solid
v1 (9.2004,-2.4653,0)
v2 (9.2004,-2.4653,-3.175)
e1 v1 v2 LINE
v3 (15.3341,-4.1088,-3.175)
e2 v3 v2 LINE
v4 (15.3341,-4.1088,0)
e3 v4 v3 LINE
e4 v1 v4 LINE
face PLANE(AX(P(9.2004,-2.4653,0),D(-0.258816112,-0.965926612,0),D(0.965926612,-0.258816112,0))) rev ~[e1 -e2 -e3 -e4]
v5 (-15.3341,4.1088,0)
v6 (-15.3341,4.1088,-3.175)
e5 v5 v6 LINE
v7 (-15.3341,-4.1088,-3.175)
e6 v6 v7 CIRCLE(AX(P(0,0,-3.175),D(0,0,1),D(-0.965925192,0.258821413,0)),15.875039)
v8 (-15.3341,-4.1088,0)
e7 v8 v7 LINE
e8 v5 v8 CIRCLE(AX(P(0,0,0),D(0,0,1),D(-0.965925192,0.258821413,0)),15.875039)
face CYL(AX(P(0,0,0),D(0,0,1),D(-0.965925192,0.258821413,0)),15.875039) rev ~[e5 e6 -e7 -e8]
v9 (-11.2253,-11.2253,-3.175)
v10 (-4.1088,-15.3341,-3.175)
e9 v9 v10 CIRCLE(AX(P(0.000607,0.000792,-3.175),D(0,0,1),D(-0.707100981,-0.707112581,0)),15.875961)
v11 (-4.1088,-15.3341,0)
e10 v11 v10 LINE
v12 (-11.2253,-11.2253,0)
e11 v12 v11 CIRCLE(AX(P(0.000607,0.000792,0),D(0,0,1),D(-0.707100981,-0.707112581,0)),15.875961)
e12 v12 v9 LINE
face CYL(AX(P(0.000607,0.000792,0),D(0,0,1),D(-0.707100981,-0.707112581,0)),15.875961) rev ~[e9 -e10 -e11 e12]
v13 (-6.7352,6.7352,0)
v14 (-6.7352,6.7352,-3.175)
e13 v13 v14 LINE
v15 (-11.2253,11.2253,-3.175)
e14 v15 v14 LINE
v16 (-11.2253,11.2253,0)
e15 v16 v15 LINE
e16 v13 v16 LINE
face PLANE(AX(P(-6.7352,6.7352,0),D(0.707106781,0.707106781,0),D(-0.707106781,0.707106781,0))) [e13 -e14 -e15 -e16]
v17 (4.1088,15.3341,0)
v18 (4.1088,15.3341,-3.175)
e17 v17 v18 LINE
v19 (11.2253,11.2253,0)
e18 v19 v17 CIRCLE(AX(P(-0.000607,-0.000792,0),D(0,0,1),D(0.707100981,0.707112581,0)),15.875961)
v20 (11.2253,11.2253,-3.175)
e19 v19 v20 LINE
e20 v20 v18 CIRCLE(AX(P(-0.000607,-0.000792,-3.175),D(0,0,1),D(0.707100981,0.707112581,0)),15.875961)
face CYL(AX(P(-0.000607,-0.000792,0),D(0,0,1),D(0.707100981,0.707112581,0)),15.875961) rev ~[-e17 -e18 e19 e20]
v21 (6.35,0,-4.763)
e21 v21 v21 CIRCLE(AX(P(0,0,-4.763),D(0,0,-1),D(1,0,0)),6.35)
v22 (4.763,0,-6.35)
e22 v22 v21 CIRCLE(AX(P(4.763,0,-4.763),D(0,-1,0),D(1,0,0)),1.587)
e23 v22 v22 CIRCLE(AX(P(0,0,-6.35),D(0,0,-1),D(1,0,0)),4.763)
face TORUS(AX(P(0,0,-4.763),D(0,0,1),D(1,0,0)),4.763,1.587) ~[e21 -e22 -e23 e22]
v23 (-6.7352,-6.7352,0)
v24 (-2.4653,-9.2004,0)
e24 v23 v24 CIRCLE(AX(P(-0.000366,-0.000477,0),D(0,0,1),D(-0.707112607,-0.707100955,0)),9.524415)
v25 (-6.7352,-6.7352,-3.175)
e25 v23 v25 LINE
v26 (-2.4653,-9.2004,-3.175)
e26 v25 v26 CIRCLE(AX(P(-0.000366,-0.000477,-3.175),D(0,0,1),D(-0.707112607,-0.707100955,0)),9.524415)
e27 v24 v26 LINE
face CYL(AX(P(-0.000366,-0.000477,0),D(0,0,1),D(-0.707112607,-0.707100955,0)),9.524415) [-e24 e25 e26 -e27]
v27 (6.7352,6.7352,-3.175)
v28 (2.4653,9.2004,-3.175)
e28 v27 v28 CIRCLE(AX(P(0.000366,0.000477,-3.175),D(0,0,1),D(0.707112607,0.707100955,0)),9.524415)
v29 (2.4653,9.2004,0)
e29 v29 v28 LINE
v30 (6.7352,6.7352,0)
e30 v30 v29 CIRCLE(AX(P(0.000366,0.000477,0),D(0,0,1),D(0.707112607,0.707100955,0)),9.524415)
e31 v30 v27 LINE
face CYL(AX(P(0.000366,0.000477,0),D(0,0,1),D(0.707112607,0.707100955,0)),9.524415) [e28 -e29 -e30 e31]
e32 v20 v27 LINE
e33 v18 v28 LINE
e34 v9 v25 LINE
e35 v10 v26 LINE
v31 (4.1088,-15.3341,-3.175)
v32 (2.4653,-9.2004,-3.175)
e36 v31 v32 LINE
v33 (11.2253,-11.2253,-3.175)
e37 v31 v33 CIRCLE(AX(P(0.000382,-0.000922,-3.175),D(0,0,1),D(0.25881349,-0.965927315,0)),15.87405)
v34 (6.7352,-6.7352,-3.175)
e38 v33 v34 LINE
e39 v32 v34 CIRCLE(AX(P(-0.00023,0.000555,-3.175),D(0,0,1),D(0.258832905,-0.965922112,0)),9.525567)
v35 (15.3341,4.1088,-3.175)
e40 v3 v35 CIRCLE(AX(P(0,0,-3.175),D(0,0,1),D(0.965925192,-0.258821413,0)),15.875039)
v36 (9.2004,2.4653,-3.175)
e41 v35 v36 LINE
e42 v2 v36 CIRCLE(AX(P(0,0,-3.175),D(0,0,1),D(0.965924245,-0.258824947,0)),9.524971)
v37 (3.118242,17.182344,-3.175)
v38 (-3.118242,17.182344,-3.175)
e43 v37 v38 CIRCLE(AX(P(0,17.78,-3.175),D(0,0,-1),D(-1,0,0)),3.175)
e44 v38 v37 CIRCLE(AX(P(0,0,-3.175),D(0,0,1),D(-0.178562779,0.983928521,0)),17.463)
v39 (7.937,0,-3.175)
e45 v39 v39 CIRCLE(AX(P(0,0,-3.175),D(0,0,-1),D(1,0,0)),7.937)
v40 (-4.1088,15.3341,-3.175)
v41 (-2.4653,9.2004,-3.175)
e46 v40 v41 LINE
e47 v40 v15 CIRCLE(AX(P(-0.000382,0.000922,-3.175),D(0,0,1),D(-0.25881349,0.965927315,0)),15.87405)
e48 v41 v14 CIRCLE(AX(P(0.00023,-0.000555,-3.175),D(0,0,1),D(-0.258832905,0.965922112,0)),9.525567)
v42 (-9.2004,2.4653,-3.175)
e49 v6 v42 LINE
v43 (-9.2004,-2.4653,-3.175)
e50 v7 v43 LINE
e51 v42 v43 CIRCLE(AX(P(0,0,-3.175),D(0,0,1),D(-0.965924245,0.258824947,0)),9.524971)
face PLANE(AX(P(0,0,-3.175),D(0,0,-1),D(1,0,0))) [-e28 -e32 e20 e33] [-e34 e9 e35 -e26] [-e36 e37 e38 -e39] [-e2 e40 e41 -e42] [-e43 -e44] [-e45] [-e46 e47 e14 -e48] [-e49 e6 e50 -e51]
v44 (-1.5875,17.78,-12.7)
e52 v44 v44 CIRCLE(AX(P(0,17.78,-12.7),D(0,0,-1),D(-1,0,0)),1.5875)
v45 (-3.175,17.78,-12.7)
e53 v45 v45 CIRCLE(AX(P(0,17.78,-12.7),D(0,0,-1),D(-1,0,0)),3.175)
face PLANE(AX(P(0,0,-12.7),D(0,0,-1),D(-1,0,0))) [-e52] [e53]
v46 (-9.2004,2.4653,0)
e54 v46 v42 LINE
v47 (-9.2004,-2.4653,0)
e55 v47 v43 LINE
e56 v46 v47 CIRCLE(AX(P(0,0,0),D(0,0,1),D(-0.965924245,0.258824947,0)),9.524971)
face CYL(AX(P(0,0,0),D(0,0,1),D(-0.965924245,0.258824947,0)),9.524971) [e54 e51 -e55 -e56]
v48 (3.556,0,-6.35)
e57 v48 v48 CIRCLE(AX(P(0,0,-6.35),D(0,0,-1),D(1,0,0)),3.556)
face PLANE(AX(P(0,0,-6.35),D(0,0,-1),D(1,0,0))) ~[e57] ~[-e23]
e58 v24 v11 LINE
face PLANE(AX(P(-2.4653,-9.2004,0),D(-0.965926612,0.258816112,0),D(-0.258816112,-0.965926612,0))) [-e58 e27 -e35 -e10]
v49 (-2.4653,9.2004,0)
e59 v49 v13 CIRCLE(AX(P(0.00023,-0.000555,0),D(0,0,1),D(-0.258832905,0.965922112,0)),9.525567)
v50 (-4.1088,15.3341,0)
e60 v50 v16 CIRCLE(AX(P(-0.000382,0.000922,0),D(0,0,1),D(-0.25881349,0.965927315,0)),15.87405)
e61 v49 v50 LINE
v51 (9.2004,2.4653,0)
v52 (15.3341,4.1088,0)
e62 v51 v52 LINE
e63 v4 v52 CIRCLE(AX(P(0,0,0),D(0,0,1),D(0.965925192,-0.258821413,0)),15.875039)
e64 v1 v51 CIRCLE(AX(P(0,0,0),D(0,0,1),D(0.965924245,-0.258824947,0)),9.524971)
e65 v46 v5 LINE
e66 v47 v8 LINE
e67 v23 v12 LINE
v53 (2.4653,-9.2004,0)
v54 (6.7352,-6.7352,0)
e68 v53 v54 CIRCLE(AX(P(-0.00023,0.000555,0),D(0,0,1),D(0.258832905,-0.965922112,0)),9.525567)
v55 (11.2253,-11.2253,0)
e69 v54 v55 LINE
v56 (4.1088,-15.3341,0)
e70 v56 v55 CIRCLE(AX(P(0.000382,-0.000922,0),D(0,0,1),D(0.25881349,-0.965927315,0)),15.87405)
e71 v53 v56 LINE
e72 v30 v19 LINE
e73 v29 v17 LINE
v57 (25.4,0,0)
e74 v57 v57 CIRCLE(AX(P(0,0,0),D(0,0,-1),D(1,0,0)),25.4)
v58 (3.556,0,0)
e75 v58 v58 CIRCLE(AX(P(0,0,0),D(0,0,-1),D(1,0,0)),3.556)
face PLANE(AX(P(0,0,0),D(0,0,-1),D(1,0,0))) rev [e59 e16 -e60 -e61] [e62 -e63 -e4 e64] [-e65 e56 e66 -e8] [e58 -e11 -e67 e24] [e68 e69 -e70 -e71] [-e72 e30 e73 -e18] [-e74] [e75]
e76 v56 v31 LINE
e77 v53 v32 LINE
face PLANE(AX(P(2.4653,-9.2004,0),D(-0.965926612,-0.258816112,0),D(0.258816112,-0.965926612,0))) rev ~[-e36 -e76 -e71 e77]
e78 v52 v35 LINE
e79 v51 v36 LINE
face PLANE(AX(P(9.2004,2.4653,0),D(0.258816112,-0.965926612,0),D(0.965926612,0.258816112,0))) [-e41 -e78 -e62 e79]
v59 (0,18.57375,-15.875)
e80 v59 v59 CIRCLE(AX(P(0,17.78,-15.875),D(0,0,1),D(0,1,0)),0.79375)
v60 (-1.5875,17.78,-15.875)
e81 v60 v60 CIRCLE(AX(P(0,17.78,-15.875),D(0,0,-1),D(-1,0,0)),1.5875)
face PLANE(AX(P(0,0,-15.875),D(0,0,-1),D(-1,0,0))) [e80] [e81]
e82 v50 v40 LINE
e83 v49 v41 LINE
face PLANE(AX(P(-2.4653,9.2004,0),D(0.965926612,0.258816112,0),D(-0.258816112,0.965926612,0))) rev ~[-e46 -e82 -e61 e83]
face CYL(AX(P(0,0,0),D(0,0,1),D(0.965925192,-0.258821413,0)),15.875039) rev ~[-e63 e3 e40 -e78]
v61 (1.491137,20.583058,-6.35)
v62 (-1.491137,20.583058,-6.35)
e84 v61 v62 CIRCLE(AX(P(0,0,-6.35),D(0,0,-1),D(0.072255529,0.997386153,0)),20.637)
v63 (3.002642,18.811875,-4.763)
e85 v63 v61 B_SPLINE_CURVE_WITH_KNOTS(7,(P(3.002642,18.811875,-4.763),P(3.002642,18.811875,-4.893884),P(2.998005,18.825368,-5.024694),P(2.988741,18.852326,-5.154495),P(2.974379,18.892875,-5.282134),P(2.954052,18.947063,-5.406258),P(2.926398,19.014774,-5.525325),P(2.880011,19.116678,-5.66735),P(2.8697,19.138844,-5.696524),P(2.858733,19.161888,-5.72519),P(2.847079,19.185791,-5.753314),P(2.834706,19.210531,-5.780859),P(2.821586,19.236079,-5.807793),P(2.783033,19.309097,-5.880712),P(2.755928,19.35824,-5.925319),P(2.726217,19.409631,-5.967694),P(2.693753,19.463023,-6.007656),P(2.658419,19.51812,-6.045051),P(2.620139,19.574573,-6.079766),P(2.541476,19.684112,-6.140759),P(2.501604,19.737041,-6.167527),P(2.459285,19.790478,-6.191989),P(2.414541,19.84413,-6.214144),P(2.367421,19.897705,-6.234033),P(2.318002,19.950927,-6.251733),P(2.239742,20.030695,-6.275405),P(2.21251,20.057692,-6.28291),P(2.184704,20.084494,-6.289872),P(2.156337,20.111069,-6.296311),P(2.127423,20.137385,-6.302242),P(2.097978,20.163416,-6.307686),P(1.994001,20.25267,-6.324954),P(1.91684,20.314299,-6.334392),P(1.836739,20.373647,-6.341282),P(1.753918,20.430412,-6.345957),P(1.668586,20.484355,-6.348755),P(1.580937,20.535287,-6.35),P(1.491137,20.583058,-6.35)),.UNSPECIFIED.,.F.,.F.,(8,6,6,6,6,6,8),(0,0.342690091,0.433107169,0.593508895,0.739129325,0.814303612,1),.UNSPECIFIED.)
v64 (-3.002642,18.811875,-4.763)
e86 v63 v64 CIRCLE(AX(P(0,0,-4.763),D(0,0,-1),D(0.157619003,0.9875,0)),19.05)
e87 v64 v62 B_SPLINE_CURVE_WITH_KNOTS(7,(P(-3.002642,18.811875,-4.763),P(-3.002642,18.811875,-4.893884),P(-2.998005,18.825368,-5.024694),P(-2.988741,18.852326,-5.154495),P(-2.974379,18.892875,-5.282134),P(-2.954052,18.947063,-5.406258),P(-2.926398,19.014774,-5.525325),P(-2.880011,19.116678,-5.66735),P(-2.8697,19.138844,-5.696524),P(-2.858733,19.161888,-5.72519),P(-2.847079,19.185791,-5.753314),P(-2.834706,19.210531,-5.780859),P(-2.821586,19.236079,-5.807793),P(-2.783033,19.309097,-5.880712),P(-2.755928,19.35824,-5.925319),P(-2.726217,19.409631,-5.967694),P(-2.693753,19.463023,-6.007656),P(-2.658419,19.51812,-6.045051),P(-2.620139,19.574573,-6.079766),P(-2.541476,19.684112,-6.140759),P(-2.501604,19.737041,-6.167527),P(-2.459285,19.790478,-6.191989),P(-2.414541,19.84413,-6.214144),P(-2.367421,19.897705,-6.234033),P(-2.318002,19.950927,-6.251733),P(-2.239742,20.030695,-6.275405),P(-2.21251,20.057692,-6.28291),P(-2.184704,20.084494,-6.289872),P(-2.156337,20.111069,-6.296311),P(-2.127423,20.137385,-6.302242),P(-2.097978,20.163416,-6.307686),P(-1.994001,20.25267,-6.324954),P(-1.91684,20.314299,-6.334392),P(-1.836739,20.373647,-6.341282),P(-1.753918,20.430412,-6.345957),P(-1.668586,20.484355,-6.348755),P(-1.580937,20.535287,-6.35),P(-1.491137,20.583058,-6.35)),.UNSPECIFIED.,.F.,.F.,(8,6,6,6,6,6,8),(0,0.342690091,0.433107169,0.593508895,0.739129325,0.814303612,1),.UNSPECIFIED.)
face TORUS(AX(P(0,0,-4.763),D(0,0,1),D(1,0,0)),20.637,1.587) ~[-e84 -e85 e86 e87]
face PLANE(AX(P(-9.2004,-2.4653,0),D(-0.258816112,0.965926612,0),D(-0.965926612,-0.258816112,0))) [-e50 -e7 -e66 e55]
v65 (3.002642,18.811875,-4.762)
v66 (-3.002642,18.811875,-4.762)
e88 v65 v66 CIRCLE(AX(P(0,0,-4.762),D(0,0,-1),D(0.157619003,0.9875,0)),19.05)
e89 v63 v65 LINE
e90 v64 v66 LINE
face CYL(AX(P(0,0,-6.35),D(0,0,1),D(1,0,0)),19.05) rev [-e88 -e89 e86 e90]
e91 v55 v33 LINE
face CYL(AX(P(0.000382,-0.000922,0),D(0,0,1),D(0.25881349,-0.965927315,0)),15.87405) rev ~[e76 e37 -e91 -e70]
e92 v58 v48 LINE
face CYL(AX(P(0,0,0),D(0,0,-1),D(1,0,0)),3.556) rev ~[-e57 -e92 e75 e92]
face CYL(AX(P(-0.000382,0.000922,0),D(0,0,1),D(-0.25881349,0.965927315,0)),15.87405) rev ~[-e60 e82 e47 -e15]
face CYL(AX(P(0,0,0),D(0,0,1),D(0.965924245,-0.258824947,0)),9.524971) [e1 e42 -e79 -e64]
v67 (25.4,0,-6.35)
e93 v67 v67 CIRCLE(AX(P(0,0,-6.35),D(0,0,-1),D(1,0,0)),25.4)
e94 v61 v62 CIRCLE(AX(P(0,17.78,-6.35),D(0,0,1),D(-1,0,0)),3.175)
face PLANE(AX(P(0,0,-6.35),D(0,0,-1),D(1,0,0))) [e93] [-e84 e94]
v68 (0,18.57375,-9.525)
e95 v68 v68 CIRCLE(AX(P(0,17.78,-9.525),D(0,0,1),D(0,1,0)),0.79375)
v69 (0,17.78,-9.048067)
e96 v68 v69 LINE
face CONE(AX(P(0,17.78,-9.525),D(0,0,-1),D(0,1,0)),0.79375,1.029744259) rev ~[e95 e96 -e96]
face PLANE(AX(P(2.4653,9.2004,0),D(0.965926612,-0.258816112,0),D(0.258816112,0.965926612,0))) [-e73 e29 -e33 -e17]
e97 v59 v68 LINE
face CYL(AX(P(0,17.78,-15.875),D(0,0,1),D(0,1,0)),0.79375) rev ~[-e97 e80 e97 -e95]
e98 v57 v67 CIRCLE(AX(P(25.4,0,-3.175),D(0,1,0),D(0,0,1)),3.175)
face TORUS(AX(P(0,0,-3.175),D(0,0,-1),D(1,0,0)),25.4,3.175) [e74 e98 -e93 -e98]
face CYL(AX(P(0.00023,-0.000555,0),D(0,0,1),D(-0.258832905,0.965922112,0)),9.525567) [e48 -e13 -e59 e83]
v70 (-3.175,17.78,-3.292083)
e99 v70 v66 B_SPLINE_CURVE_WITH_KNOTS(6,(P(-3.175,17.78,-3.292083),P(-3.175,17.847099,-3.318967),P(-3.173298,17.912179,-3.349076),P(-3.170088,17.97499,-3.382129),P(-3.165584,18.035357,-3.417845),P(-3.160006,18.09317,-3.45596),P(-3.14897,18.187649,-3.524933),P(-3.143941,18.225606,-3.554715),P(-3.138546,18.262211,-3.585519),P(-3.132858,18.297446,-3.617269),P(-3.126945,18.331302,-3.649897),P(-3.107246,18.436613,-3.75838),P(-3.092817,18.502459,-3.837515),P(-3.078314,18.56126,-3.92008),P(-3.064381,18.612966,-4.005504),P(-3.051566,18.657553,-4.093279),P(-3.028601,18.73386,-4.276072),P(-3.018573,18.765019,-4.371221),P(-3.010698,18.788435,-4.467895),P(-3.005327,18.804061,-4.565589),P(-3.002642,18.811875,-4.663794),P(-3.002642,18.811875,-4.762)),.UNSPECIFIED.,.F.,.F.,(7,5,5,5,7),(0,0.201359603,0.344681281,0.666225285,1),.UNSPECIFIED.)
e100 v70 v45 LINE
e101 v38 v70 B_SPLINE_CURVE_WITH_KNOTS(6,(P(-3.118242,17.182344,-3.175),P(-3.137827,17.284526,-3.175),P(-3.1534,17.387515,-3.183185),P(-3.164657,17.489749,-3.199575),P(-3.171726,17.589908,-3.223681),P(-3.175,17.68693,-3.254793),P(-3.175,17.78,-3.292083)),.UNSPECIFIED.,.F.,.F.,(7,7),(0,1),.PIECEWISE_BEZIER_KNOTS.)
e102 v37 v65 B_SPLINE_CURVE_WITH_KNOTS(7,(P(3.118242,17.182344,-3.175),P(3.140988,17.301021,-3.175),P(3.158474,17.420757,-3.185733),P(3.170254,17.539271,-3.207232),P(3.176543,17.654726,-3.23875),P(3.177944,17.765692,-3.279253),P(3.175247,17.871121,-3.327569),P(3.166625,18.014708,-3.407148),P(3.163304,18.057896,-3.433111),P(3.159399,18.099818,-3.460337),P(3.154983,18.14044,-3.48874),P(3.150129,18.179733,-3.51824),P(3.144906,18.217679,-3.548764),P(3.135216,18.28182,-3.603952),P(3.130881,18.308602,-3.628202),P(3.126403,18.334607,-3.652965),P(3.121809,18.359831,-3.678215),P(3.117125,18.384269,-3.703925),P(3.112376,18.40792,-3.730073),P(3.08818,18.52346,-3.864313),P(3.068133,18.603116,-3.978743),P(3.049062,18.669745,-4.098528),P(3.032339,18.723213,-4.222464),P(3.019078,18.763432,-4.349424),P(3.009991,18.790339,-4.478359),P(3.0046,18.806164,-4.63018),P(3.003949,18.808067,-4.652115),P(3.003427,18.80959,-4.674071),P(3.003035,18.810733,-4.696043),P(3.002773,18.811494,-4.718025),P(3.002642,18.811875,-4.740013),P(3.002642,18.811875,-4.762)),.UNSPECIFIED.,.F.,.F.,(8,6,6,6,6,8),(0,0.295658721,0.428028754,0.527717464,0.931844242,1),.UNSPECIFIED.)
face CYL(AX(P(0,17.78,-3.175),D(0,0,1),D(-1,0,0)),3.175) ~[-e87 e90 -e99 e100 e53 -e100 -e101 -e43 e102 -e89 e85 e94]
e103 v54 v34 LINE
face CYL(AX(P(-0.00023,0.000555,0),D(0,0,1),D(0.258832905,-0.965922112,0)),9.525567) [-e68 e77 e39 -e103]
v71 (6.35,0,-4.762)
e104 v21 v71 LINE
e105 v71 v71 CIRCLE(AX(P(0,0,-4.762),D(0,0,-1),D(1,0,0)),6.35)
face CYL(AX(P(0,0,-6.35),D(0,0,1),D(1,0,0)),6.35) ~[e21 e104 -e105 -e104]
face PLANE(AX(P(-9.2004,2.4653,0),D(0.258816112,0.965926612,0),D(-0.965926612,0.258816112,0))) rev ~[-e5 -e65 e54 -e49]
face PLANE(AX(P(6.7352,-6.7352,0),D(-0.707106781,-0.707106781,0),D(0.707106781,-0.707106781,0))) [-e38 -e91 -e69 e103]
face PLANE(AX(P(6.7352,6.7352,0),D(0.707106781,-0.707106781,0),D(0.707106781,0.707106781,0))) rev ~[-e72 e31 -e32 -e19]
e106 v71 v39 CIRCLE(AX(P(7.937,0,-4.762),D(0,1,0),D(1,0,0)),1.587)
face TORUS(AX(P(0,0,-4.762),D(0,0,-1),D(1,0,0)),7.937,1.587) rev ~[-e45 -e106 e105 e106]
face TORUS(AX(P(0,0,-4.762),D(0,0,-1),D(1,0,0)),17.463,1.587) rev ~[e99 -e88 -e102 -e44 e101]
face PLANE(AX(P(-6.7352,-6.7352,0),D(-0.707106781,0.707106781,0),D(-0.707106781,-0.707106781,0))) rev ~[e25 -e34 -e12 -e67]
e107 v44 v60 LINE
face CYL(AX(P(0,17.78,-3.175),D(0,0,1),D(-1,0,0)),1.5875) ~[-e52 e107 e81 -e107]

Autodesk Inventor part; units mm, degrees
ref_plane "YZ Plane" through (0, 0, 0) normal (1, 0, 0) x (0, 1, 0)
ref_plane "XZ Plane" through (0, 0, 0) normal (0, 1, 0) x (-1, 0, 0)
ref_plane "XY Plane" through (0, 0, 0) normal (0, 0, 1) x (1, 0, 0)
sketch "Sketch1" plane through (0, 0, 0) normal (0, 1, 0) x (-1, 0, 0)
  line L0 (-3.556, 0) -> (-25.4, 0)
  line L1 (-3.556, 0) -> (-3.556, -6.35)
  arc A0 (-25.4, 0) -> (-25.4, -6.35) centre (-25.4, -3.175) ccw
  line L2 (-25.4, -6.35) -> (-19.05, -6.35)
  line L3 (-19.05, -3.175) -> (-6.35, -3.175)
  line L4 (0, 0) -> (0, -1.459) construction
  line L5 (-19.05, -6.35) -> (-19.05, -3.175)
  line L6 (-3.556, -6.35) -> (-6.35, -6.35)
  line L7 (-6.35, -6.35) -> (-6.35, -3.175)
  dimension "d0" = 25.4
  dimension "d1" = 3.556
  dimension "d2" = 6.35
  dimension "d3" = 0
  dimension "d5" = 3.175
  dimension "d6" = 6.35
  dimension "d9" = 12.7
  dimension "d11" = 3.175
revolve "Revolution1" add sketch "Sketch1" angle 360 about axis through (0, 0, 0) along (0, 0, -1)
fillet "Fillet1" radius 1.5875 4 edges at (-6.35, 0, -3.175) (-6.35, 0, -6.35) (-19.05, 0, -6.35) (-19.05, 0, -3.175)
sketch "Sketch2" plane through (0, 0, 0) normal (0, 0, 1) x (1, 0, 0)
  circle A0 centre (0, 0) radius 25.4 projected
  circle A1 centre (0, 0) radius 3.556 projected
  arc A2 (-9.2004, 2.4653) -> (-9.2004, -2.4653) centre (0, 0) ccw
  arc A3 (-15.3341, 4.1088) -> (-15.3341, -4.1088) centre (0, 0) ccw
  line L0 (0, 0) -> (0, 7.9375) construction
  line L1 (-9.2004, -2.4653) -> (-15.3341, -4.1088)
  line L2 (-9.2004, 2.4653) -> (-15.3341, 4.1088)
  arc A4 (-6.7352, -6.7352) -> (-2.4653, -9.2004) centre (0, 0) ccw
  arc A5 (-11.2253, -11.2253) -> (-4.1088, -15.3341) centre (0, 0) ccw
  line L3 (-2.4653, -9.2004) -> (-4.1088, -15.3341)
  line L4 (-6.7352, -6.7352) -> (-11.2253, -11.2253)
  arc A6 (2.4653, -9.2004) -> (6.7352, -6.7352) centre (0, 0) ccw
  arc A7 (4.1088, -15.3341) -> (11.2253, -11.2253) centre (0, 0) ccw
  line L5 (6.7352, -6.7352) -> (11.2253, -11.2253)
  line L6 (2.4653, -9.2004) -> (4.1088, -15.3341)
  arc A8 (9.2004, -2.4653) -> (9.2004, 2.4653) centre (0, 0) ccw
  arc A9 (15.3341, -4.1088) -> (15.3341, 4.1088) centre (0, 0) ccw
  line L7 (9.2004, 2.4653) -> (15.3341, 4.1088)
  line L8 (9.2004, -2.4653) -> (15.3341, -4.1088)
  arc A10 (6.7352, 6.7352) -> (2.4653, 9.2004) centre (0, 0) ccw
  arc A11 (11.2253, 11.2253) -> (4.1088, 15.3341) centre (0, 0) ccw
  line L9 (2.4653, 9.2004) -> (4.1088, 15.3341)
  line L10 (6.7352, 6.7352) -> (11.2253, 11.2253)
  arc A12 (-2.4653, 9.2004) -> (-6.7352, 6.7352) centre (0, 0) ccw
  arc A13 (-4.1088, 15.3341) -> (-11.2253, 11.2253) centre (0, 0) ccw
  line L11 (-6.7352, 6.7352) -> (-11.2253, 11.2253)
  line L12 (-2.4653, 9.2004) -> (-4.1088, 15.3341)
  dimension "d14" = 19.05
  dimension "d15" = 31.75
  dimension "d18" = 75
  dimension "d19" = 105
  dimension "d22" = 360
extrude "Extrusion1" cut sketch "Sketch2" against normal blind 25.4 contours A2 L1 A3 L2 | A4 L3 A5 L4 | A6 L5 A7 L6 | A8 L7 A9 L8 | A10 L9 A11 L10 | A12 L11 A13 L12
sketch "Sketch3" plane through (0, 0, -3.175) normal (0, 0, -1) x (-1, 0, 0)
  circle A0 centre (0, 17.78) radius 3.175
  circle A1 centre (0, 17.78) radius 1.5875
  point P0 (0, 0)
  dimension "d26" = 17.78
  dimension "d27" = 6.35
  dimension "d28" = 17.78
  dimension "d29" = 3.175
extrude "Extrusion2" add sketch "Sketch3" along normal blind 9.525
extrude "Extrusion3" add sketch "Sketch3" along normal blind 12.7 contours A1
sketch "Sketch4" plane through (0, 17.78, -15.875) normal (0, 0, -1) x (-1, 0, 0)
  point P0 (0, -17.78)
  point P1 (0, 0)
hole "Hole1" at (0, 17.78, -15.875) direction (0, 0, 1) diameter 1.5875 depth 6.35 tip angle 118
properties part number "Wheel"
